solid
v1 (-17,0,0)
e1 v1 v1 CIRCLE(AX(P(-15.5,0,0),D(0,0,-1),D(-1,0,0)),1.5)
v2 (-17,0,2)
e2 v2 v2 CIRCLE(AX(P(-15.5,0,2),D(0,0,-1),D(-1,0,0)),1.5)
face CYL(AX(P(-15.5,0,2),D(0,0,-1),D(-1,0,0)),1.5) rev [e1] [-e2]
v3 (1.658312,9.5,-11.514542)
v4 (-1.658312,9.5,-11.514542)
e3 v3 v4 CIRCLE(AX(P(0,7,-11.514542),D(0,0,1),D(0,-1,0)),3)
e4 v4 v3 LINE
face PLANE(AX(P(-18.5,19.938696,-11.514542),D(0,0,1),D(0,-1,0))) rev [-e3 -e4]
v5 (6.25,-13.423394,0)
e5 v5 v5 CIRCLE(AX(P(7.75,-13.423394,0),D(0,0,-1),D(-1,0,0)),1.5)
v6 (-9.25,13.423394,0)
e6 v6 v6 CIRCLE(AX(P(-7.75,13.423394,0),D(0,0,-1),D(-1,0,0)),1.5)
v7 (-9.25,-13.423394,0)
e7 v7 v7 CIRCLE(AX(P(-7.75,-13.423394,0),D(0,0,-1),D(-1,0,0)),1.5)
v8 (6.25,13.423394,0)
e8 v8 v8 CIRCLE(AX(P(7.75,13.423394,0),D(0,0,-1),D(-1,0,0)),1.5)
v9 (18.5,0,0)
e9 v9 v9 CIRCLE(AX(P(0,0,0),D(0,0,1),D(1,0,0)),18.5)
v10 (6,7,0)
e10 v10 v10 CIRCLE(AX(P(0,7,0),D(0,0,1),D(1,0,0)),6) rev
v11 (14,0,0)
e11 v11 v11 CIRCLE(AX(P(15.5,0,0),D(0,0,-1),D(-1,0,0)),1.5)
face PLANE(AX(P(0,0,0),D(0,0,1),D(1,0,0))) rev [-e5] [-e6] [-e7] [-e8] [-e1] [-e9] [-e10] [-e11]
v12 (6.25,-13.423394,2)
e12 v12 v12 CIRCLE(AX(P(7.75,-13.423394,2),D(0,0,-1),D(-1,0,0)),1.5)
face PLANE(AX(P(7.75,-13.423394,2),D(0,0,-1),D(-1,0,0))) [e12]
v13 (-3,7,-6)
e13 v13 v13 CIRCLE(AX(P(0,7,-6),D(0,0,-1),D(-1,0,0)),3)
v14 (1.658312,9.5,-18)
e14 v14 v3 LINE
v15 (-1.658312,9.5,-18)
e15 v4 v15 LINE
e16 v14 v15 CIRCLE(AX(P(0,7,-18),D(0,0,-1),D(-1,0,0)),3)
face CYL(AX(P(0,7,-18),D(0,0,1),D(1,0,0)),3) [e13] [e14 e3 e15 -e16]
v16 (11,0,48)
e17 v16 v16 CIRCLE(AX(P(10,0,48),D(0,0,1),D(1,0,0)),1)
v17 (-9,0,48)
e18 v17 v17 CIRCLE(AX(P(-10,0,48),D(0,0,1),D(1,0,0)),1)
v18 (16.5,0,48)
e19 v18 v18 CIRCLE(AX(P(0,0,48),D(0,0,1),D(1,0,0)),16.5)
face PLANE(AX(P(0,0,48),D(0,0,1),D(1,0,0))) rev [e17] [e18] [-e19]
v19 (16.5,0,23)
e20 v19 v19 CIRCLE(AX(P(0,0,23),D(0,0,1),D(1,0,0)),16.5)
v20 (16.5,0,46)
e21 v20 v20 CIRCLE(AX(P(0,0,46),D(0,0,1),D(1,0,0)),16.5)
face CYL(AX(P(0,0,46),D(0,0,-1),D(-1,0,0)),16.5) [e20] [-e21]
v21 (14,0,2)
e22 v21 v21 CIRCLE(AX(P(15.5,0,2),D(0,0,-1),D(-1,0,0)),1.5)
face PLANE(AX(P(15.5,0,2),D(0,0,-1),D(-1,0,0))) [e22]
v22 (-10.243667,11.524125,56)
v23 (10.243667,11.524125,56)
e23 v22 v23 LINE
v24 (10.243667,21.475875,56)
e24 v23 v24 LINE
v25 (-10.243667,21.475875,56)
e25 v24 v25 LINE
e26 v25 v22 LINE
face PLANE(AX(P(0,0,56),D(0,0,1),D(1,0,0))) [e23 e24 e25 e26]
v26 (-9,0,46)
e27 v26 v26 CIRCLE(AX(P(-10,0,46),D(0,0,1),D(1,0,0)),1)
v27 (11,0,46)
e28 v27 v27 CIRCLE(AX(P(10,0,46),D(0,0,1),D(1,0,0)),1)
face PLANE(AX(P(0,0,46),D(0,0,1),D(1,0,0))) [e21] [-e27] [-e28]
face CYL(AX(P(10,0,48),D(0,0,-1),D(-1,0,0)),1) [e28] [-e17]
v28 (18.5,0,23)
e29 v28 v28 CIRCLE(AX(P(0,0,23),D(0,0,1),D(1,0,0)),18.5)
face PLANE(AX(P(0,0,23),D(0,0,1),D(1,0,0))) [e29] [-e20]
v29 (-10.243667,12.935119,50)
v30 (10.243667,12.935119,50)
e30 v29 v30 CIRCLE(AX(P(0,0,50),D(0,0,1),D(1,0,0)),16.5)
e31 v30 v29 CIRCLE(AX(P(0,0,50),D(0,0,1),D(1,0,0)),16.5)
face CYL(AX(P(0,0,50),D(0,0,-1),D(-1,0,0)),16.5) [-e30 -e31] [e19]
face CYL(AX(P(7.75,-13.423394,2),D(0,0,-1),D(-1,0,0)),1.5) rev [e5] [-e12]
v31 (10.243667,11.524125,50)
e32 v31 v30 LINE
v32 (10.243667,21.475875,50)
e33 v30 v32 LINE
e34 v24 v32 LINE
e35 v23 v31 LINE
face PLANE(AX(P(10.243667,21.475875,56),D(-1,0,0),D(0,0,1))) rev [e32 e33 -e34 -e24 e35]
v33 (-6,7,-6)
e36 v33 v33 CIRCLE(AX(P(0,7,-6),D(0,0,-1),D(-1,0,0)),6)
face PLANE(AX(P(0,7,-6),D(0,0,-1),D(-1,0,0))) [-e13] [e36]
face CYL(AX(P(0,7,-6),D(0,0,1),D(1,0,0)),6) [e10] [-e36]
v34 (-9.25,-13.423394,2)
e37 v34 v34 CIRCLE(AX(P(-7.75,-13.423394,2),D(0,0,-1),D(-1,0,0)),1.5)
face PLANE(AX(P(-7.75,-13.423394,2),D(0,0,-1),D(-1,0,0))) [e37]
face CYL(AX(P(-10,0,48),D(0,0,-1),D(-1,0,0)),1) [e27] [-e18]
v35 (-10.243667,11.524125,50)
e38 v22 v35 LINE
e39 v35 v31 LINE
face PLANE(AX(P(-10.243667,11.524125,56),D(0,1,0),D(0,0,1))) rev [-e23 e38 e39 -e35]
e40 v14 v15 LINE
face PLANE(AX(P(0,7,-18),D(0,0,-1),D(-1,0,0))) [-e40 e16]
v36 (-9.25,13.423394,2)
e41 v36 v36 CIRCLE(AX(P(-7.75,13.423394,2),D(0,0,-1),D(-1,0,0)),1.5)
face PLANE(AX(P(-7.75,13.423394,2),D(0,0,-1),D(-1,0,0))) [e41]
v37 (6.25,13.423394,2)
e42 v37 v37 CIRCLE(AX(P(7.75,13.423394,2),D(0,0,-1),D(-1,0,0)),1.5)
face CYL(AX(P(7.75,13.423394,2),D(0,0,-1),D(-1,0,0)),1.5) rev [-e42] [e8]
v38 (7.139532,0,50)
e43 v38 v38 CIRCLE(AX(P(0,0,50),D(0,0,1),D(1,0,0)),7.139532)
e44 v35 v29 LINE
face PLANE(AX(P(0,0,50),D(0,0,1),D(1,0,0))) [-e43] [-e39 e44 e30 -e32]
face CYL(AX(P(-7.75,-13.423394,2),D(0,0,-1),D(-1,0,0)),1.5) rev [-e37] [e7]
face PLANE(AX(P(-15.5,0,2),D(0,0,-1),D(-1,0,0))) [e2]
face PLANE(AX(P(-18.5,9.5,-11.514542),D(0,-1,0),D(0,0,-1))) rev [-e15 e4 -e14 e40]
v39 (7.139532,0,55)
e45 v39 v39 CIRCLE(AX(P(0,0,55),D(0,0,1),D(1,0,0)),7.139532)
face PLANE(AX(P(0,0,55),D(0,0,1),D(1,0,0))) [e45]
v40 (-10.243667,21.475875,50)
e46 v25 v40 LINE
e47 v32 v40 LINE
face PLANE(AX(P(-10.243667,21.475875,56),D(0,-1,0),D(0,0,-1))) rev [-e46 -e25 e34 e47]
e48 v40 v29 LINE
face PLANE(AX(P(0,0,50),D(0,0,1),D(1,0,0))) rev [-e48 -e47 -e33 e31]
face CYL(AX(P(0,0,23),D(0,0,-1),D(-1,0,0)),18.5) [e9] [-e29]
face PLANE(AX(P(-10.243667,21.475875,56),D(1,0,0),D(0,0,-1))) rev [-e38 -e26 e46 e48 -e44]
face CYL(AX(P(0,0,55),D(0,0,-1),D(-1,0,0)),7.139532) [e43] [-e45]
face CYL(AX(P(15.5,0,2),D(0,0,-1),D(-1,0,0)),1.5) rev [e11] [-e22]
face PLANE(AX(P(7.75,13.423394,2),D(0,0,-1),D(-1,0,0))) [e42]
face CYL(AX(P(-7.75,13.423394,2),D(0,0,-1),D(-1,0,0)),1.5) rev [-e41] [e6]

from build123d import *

# Parameters (mm, degrees)
SKETCH_1_R               = 18.5
EXTRUDE_1_DEPTH          = 23
SKETCH_2_R               = 16.5
EXTRUDE_2_DEPTH          = 23
SKETCH_3_R               = 6
EXTRUDE_3_DEPTH          = 6
SKETCH_4_R               = 3
EXTRUDE_4_DEPTH          = 12
CUT_EXTRUDE_1_DEPTH      = 53.919750566
CUT_EXTRUDE_1_DEPTH_BACK = 53.919750566
SKETCH_5_W               = 8.515862451
SKETCH_5_H               = 10.43869594
SKETCH_6_R               = 1
EXTRUDE_5_DEPTH          = 2
SKETCH_7_R               = 16.5
EXTRUDE_6_DEPTH          = 2
SKETCH_8_R               = 7.139531777
EXTRUDE_7_DEPTH          = 5
SKETCH_9_W               = 20.48733328
SKETCH_9_H               = 9.95175006
EXTRUDE_8_DEPTH          = 6
SKETCH_10_R              = 1.5
CUT_EXTRUDE_2_DEPTH      = 2


with BuildPart() as part:
    # 草图1 → 凸台-拉伸1 (new body)
    with BuildSketch(Plane.XY):
        Circle(SKETCH_1_R)
    extrude(amount=EXTRUDE_1_DEPTH)

    # 草图2 → 凸台-拉伸2 (add)
    with BuildSketch(Plane.XY.offset(23)):
        Circle(SKETCH_2_R)
    extrude(amount=EXTRUDE_2_DEPTH)

    # 草图3 → 凸台-拉伸3 (add)
    with BuildSketch(Plane(origin=(0, 0, 0), x_dir=(-1, 0, 0), z_dir=(0, 0, -1))):
        with Locations(Location((0, 7, 0), (0, 0, 180))):
            Circle(SKETCH_3_R)
    extrude(amount=EXTRUDE_3_DEPTH)

    # 草图4 → 凸台-拉伸4 (add)
    with BuildSketch(Plane(origin=(0, 0, -6), x_dir=(-1, 0, 0), z_dir=(0, 0, -1))):
        with Locations((0, 7)):
            Circle(SKETCH_4_R)
    extrude(amount=EXTRUDE_4_DEPTH)

    # 草图5 → 切除-拉伸1 (cut, two sides: drawn at the far end of the back side and taken through both)
    with BuildSketch(Plane(origin=(0, 0, 0), x_dir=(0, 0, -1), z_dir=(1, 0, 0)).offset(-CUT_EXTRUDE_1_DEPTH_BACK)):
        with Locations((15.772473003, 14.71934797)):
            Rectangle(SKETCH_5_W, SKETCH_5_H)
    extrude(amount=CUT_EXTRUDE_1_DEPTH + CUT_EXTRUDE_1_DEPTH_BACK, mode=Mode.SUBTRACT)

    # 草图6 → 凸台-拉伸5 (add)
    with BuildSketch(Plane.XY.offset(46)):
        with Locations((-10, 0)):
            Circle(SKETCH_6_R)
        with Locations((10, 0)):
            Circle(SKETCH_6_R)
    extrude(amount=EXTRUDE_5_DEPTH)

    # 草图7 → 凸台-拉伸6 (add)
    with BuildSketch(Plane.XY.offset(48)):
        Circle(SKETCH_7_R)
    extrude(amount=EXTRUDE_6_DEPTH)

    # 草图8 → 凸台-拉伸7 (add)
    with BuildSketch(Plane.XY.offset(50)):
        Circle(SKETCH_8_R)
    extrude(amount=EXTRUDE_7_DEPTH)

    # 草图9 → 凸台-拉伸8 (add)
    with BuildSketch(Plane.XY.offset(50)):
        with Locations((0, 16.5)):
            Rectangle(SKETCH_9_W, SKETCH_9_H)
    extrude(amount=EXTRUDE_8_DEPTH)

    # 草图10 → 切除-拉伸2 (cut)
    with BuildSketch(Plane(origin=(0, 0, 0), x_dir=(-1, 0, 0), z_dir=(0, 0, -1))):
        with Locations((15.5, 0)):
            Circle(SKETCH_10_R)
        with Locations((7.75, -13.423393759)):
            Circle(SKETCH_10_R)
        with Locations((-7.75, -13.423393759)):
            Circle(SKETCH_10_R)
        with Locations((-15.5, 0)):
            Circle(SKETCH_10_R)
        with Locations((-7.75, 13.423393759)):
            Circle(SKETCH_10_R)
        with Locations((7.75, 13.423393759)):
            Circle(SKETCH_10_R)
    extrude(amount=-CUT_EXTRUDE_2_DEPTH, mode=Mode.SUBTRACT)


solid = part.part
